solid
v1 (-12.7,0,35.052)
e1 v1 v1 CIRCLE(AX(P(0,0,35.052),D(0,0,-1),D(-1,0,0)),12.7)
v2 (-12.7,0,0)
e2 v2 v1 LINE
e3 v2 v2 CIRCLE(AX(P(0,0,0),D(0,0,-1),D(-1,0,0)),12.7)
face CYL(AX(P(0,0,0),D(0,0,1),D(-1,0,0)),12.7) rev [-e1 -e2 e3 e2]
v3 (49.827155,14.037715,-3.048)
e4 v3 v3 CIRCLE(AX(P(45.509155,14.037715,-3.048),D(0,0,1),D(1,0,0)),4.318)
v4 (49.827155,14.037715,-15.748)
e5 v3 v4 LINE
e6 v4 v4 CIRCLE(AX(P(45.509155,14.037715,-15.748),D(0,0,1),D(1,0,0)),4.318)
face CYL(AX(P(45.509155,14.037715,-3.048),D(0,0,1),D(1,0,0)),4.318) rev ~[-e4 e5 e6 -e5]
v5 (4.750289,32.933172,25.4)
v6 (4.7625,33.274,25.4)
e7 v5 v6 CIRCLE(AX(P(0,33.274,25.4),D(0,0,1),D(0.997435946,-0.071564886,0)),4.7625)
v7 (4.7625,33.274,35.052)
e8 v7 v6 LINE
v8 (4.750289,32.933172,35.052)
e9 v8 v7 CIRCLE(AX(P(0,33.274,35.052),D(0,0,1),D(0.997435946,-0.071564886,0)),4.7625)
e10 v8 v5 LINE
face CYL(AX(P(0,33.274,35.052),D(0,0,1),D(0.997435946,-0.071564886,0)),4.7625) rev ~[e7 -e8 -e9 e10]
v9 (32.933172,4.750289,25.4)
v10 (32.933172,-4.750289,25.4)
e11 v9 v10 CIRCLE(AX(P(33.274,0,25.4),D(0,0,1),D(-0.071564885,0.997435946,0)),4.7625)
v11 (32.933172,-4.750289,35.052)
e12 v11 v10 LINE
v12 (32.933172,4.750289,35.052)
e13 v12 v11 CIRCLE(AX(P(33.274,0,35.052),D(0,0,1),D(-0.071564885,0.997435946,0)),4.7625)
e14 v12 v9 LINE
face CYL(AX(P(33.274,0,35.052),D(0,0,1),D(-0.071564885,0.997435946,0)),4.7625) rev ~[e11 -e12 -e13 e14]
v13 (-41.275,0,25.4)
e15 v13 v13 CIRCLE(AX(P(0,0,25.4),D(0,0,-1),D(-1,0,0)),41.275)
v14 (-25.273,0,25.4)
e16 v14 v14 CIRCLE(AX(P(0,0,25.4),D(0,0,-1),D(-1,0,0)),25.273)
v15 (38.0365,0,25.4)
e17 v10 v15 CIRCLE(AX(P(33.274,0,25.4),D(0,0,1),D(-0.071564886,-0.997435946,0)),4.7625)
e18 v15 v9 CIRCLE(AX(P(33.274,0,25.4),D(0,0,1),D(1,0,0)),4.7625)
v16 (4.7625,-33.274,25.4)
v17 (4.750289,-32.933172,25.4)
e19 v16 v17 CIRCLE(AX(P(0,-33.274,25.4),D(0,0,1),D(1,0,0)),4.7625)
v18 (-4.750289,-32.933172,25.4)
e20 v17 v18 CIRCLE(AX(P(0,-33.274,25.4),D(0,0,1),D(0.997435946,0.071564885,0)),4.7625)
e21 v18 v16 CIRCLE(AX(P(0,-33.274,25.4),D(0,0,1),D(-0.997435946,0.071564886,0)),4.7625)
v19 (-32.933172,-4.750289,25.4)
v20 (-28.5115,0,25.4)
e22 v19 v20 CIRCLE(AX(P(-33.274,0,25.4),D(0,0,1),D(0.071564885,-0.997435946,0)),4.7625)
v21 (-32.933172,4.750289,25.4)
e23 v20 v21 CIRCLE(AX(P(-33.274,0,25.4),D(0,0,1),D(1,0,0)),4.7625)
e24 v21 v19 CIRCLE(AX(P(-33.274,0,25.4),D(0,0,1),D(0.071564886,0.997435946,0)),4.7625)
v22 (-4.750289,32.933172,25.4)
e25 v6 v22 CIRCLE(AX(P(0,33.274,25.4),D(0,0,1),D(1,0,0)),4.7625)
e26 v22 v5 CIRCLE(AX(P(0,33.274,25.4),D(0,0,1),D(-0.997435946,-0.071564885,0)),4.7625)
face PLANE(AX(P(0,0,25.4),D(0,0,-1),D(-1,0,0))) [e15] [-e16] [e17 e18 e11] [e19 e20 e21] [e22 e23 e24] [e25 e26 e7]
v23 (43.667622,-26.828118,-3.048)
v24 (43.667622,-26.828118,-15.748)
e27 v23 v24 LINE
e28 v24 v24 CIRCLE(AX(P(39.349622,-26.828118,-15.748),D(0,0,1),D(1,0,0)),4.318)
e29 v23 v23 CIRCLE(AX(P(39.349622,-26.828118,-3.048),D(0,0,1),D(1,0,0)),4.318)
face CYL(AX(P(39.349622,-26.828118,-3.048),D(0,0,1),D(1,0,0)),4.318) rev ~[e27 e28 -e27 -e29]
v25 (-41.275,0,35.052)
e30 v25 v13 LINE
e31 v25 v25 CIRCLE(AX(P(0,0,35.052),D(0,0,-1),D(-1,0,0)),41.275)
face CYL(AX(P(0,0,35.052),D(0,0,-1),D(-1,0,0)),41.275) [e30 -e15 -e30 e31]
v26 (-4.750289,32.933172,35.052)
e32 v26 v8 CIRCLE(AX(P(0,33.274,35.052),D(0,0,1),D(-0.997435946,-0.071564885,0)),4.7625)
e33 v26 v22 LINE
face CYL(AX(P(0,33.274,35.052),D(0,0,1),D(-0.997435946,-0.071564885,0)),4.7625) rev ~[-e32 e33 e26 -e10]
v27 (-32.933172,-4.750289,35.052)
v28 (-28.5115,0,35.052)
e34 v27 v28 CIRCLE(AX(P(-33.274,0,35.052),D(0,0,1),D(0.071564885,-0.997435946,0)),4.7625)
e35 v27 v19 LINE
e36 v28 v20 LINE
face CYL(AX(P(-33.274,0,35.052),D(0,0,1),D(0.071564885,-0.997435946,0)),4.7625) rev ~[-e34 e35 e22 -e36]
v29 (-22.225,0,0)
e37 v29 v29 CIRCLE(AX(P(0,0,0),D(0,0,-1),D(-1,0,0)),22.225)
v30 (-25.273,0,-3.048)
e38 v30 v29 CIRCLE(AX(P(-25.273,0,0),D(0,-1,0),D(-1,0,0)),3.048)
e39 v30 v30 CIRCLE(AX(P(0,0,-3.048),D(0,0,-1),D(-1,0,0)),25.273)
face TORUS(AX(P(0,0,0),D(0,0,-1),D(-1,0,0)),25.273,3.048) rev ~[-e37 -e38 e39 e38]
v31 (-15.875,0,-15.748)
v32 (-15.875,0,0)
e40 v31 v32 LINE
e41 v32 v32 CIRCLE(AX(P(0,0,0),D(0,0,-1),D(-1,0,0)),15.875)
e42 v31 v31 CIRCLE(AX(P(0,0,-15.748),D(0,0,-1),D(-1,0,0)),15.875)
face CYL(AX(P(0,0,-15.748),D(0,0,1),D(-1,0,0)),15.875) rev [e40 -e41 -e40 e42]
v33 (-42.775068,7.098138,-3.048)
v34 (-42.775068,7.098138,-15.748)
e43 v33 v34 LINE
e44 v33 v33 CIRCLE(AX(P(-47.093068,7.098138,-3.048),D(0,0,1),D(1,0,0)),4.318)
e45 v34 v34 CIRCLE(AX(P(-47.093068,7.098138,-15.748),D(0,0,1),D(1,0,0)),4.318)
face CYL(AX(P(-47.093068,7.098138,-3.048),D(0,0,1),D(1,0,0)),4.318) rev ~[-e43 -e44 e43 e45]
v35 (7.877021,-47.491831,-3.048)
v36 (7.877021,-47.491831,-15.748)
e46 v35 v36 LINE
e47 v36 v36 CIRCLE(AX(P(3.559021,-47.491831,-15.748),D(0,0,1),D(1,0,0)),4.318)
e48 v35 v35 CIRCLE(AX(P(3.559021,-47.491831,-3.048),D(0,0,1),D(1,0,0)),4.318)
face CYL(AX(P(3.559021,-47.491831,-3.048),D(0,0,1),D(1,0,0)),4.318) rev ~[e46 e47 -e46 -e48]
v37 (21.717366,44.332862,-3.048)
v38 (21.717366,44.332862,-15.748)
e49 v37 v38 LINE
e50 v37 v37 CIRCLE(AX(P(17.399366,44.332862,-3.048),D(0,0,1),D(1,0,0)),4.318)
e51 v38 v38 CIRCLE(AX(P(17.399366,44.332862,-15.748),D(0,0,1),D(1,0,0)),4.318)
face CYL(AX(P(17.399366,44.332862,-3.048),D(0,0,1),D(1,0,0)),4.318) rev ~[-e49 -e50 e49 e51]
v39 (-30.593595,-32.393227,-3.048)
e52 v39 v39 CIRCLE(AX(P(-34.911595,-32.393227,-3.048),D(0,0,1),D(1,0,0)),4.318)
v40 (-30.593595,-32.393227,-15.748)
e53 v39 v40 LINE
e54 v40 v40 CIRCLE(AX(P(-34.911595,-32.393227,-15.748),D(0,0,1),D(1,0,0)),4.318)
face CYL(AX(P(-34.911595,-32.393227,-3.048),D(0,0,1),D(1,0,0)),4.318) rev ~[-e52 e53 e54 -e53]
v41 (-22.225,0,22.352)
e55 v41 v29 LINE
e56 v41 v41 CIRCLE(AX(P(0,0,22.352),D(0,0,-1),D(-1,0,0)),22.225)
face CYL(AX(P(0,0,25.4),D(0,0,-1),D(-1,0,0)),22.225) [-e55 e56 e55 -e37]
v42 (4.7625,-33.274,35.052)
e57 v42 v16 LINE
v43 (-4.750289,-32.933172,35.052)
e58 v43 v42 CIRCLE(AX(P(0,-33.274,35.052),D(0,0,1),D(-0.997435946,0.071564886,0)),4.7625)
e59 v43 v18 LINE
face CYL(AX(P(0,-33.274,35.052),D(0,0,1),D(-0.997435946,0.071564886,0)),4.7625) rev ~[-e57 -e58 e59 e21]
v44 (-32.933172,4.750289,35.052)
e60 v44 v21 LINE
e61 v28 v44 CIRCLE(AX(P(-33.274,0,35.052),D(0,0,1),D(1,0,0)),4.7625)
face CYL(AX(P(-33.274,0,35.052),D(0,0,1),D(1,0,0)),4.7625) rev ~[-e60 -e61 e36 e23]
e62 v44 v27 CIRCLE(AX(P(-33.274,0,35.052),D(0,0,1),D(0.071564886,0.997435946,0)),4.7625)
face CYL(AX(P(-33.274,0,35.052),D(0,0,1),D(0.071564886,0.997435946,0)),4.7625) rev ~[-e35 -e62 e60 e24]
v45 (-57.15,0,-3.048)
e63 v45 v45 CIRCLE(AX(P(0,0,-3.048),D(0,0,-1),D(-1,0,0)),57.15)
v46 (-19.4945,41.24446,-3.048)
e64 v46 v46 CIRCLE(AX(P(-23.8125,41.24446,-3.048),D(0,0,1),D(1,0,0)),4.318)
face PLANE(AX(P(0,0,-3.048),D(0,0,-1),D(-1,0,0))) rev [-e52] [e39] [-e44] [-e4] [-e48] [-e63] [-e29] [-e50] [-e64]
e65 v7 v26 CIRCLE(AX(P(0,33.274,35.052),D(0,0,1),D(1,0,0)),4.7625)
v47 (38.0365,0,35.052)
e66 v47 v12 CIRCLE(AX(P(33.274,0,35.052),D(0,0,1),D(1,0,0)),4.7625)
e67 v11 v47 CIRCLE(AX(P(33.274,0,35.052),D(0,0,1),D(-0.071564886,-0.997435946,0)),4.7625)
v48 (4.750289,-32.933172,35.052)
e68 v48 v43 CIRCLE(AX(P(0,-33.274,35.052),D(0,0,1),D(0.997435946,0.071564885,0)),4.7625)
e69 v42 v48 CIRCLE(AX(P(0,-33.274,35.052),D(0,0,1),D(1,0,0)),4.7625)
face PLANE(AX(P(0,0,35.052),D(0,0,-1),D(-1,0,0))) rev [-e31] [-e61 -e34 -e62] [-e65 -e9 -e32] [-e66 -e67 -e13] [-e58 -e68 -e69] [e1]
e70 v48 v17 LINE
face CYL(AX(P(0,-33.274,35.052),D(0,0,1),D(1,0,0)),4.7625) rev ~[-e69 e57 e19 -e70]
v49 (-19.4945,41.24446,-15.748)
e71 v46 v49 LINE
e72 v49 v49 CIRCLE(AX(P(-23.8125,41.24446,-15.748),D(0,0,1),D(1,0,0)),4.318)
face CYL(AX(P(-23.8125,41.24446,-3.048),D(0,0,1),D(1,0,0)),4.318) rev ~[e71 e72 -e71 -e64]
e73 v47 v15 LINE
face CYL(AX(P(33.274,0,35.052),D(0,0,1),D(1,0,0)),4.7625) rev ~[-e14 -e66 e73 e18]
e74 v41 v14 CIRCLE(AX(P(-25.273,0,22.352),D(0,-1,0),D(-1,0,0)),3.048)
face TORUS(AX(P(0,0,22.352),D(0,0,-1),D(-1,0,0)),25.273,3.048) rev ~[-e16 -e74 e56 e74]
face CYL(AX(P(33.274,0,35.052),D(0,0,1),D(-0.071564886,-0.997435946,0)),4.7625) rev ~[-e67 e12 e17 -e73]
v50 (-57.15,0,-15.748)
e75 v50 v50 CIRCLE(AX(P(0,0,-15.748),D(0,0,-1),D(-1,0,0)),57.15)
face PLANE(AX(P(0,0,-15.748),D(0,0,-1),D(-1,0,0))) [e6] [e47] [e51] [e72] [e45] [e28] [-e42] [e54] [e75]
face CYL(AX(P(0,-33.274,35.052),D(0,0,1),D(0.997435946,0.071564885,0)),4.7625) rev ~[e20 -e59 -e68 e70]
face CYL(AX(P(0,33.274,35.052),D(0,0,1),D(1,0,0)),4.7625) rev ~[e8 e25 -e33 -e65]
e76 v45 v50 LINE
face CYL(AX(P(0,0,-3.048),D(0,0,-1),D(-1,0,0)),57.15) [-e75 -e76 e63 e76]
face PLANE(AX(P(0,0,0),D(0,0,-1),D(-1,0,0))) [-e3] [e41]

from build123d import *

# Parameters (mm, degrees)
F4_DEPTH = 9.652
F5_R     = 4.318
F6_DEPTH = 12.7
F7_R     = 3.048


with BuildPart() as f1:
    # F0 (on Front) → F1 (revolve)
    with BuildSketch(Plane.XZ):
        Polygon((-57.15, -3.048), (-57.15, -15.748), (-15.875, -15.748), (-15.875, 0), (-12.7, 0), (-12.7, 35.052), (-41.275, 35.052), (-41.275, 25.4), (-22.225, 25.4), (-22.225, -3.048), align=None)
    revolve(axis=Axis((0, 0, 1.128893124), (0, 0, -1)))

    # F2 (on face) → F4 (cut, through all)
    with BuildSketch(Plane.XY.offset(35.052)):
        with BuildLine():
            ThreePointArc((-4.7502886947, 32.9331722328), (0, 28.5115), (4.7502886947, 32.9331722328))
            ThreePointArc((4.7502886947, 32.9331722328), (0, 33.274), (-4.7502886947, 32.9331722328))
        make_face()
        with BuildLine():
            ThreePointArc((-4.7502886947, 32.9331722328), (0, 33.274), (4.7502886947, 32.9331722328))
            ThreePointArc((4.7502886947, 32.9331722328), (4.7594461946, 33.1034767737), (4.7625, 33.274))
            ThreePointArc((4.7625, 33.274), (-0.1705232263, 38.0334461946), (-4.7502886947, 32.9331722328))
        make_face()
        with BuildLine():
            ThreePointArc((32.9331722328, -4.7502886947), (33.1886836804, -2.38125), (33.274, 0))
            ThreePointArc((33.274, 0), (33.1886836804, 2.38125), (32.9331722328, 4.7502886947))
            ThreePointArc((32.9331722328, 4.7502886947), (28.5115, 0), (32.9331722328, -4.7502886947))
        make_face()
        with BuildLine():
            ThreePointArc((32.9331722328, 4.7502886947), (33.1886836804, 2.38125), (33.274, 0))
            ThreePointArc((33.274, 0), (33.1886836804, -2.38125), (32.9331722328, -4.7502886947))
            ThreePointArc((32.9331722328, -4.7502886947), (36.5188585492, -3.4860148086), (38.0365, 0))
            ThreePointArc((38.0365, 0), (36.5188585492, 3.4860148086), (32.9331722328, 4.7502886947))
        make_face()
        with BuildLine():
            ThreePointArc((4.7625, -33.274), (4.7594461946, -33.1034767737), (4.7502886947, -32.9331722328))
            ThreePointArc((4.7502886947, -32.9331722328), (0, -33.274), (-4.7502886947, -32.9331722328))
            ThreePointArc((-4.7502886947, -32.9331722328), (-0.1705232263, -38.0334461946), (4.7625, -33.274))
        make_face()
        with BuildLine():
            ThreePointArc((-4.7502886947, -32.9331722328), (0, -33.274), (4.7502886947, -32.9331722328))
            ThreePointArc((4.7502886947, -32.9331722328), (0, -28.5115), (-4.7502886947, -32.9331722328))
        make_face()
        with BuildLine():
            ThreePointArc((-28.5115, 0), (-29.7879851914, 3.2448585492), (-32.9331722328, 4.7502886947))
            ThreePointArc((-32.9331722328, 4.7502886947), (-33.274, 0), (-32.9331722328, -4.7502886947))
            ThreePointArc((-32.9331722328, -4.7502886947), (-29.7879851914, -3.2448585492), (-28.5115, 0))
        make_face()
        with BuildLine():
            ThreePointArc((-32.9331722328, -4.7502886947), (-33.274, 0), (-32.9331722328, 4.7502886947))
            ThreePointArc((-32.9331722328, 4.7502886947), (-38.0365, 0), (-32.9331722328, -4.7502886947))
        make_face()
    extrude(amount=-F4_DEPTH, mode=Mode.SUBTRACT)

    # F5 (on face) → F6 (cut, through all)
    with BuildSketch(Plane.XY.offset(-3.048)):
        with Locations((-23.8125, 41.2444598552)):
            Circle(F5_R)
        with Locations((-47.093068099, 7.0981379266)):
            Circle(F5_R)
        with Locations((-34.9115953959, -32.3932266363)):
            Circle(F5_R)
        with Locations((3.5590207071, -47.4918308408)):
            Circle(F5_R)
        with Locations((39.3496216268, -26.8281177653)):
            Circle(F5_R)
        with Locations((45.5091548756, 14.0377151813)):
            Circle(F5_R)
        with Locations((17.3993662854, 44.3328622792)):
            Circle(F5_R)
    extrude(amount=-F6_DEPTH, mode=Mode.SUBTRACT)

    # F7
    f7_edges = [f1.edges().sort_by_distance(p)[0] for p in [
        (22.225, 0, -3.048),
        (22.225, 0, 25.4),
    ]]
    fillet(f7_edges, radius=F7_R)


solid = f1.part
